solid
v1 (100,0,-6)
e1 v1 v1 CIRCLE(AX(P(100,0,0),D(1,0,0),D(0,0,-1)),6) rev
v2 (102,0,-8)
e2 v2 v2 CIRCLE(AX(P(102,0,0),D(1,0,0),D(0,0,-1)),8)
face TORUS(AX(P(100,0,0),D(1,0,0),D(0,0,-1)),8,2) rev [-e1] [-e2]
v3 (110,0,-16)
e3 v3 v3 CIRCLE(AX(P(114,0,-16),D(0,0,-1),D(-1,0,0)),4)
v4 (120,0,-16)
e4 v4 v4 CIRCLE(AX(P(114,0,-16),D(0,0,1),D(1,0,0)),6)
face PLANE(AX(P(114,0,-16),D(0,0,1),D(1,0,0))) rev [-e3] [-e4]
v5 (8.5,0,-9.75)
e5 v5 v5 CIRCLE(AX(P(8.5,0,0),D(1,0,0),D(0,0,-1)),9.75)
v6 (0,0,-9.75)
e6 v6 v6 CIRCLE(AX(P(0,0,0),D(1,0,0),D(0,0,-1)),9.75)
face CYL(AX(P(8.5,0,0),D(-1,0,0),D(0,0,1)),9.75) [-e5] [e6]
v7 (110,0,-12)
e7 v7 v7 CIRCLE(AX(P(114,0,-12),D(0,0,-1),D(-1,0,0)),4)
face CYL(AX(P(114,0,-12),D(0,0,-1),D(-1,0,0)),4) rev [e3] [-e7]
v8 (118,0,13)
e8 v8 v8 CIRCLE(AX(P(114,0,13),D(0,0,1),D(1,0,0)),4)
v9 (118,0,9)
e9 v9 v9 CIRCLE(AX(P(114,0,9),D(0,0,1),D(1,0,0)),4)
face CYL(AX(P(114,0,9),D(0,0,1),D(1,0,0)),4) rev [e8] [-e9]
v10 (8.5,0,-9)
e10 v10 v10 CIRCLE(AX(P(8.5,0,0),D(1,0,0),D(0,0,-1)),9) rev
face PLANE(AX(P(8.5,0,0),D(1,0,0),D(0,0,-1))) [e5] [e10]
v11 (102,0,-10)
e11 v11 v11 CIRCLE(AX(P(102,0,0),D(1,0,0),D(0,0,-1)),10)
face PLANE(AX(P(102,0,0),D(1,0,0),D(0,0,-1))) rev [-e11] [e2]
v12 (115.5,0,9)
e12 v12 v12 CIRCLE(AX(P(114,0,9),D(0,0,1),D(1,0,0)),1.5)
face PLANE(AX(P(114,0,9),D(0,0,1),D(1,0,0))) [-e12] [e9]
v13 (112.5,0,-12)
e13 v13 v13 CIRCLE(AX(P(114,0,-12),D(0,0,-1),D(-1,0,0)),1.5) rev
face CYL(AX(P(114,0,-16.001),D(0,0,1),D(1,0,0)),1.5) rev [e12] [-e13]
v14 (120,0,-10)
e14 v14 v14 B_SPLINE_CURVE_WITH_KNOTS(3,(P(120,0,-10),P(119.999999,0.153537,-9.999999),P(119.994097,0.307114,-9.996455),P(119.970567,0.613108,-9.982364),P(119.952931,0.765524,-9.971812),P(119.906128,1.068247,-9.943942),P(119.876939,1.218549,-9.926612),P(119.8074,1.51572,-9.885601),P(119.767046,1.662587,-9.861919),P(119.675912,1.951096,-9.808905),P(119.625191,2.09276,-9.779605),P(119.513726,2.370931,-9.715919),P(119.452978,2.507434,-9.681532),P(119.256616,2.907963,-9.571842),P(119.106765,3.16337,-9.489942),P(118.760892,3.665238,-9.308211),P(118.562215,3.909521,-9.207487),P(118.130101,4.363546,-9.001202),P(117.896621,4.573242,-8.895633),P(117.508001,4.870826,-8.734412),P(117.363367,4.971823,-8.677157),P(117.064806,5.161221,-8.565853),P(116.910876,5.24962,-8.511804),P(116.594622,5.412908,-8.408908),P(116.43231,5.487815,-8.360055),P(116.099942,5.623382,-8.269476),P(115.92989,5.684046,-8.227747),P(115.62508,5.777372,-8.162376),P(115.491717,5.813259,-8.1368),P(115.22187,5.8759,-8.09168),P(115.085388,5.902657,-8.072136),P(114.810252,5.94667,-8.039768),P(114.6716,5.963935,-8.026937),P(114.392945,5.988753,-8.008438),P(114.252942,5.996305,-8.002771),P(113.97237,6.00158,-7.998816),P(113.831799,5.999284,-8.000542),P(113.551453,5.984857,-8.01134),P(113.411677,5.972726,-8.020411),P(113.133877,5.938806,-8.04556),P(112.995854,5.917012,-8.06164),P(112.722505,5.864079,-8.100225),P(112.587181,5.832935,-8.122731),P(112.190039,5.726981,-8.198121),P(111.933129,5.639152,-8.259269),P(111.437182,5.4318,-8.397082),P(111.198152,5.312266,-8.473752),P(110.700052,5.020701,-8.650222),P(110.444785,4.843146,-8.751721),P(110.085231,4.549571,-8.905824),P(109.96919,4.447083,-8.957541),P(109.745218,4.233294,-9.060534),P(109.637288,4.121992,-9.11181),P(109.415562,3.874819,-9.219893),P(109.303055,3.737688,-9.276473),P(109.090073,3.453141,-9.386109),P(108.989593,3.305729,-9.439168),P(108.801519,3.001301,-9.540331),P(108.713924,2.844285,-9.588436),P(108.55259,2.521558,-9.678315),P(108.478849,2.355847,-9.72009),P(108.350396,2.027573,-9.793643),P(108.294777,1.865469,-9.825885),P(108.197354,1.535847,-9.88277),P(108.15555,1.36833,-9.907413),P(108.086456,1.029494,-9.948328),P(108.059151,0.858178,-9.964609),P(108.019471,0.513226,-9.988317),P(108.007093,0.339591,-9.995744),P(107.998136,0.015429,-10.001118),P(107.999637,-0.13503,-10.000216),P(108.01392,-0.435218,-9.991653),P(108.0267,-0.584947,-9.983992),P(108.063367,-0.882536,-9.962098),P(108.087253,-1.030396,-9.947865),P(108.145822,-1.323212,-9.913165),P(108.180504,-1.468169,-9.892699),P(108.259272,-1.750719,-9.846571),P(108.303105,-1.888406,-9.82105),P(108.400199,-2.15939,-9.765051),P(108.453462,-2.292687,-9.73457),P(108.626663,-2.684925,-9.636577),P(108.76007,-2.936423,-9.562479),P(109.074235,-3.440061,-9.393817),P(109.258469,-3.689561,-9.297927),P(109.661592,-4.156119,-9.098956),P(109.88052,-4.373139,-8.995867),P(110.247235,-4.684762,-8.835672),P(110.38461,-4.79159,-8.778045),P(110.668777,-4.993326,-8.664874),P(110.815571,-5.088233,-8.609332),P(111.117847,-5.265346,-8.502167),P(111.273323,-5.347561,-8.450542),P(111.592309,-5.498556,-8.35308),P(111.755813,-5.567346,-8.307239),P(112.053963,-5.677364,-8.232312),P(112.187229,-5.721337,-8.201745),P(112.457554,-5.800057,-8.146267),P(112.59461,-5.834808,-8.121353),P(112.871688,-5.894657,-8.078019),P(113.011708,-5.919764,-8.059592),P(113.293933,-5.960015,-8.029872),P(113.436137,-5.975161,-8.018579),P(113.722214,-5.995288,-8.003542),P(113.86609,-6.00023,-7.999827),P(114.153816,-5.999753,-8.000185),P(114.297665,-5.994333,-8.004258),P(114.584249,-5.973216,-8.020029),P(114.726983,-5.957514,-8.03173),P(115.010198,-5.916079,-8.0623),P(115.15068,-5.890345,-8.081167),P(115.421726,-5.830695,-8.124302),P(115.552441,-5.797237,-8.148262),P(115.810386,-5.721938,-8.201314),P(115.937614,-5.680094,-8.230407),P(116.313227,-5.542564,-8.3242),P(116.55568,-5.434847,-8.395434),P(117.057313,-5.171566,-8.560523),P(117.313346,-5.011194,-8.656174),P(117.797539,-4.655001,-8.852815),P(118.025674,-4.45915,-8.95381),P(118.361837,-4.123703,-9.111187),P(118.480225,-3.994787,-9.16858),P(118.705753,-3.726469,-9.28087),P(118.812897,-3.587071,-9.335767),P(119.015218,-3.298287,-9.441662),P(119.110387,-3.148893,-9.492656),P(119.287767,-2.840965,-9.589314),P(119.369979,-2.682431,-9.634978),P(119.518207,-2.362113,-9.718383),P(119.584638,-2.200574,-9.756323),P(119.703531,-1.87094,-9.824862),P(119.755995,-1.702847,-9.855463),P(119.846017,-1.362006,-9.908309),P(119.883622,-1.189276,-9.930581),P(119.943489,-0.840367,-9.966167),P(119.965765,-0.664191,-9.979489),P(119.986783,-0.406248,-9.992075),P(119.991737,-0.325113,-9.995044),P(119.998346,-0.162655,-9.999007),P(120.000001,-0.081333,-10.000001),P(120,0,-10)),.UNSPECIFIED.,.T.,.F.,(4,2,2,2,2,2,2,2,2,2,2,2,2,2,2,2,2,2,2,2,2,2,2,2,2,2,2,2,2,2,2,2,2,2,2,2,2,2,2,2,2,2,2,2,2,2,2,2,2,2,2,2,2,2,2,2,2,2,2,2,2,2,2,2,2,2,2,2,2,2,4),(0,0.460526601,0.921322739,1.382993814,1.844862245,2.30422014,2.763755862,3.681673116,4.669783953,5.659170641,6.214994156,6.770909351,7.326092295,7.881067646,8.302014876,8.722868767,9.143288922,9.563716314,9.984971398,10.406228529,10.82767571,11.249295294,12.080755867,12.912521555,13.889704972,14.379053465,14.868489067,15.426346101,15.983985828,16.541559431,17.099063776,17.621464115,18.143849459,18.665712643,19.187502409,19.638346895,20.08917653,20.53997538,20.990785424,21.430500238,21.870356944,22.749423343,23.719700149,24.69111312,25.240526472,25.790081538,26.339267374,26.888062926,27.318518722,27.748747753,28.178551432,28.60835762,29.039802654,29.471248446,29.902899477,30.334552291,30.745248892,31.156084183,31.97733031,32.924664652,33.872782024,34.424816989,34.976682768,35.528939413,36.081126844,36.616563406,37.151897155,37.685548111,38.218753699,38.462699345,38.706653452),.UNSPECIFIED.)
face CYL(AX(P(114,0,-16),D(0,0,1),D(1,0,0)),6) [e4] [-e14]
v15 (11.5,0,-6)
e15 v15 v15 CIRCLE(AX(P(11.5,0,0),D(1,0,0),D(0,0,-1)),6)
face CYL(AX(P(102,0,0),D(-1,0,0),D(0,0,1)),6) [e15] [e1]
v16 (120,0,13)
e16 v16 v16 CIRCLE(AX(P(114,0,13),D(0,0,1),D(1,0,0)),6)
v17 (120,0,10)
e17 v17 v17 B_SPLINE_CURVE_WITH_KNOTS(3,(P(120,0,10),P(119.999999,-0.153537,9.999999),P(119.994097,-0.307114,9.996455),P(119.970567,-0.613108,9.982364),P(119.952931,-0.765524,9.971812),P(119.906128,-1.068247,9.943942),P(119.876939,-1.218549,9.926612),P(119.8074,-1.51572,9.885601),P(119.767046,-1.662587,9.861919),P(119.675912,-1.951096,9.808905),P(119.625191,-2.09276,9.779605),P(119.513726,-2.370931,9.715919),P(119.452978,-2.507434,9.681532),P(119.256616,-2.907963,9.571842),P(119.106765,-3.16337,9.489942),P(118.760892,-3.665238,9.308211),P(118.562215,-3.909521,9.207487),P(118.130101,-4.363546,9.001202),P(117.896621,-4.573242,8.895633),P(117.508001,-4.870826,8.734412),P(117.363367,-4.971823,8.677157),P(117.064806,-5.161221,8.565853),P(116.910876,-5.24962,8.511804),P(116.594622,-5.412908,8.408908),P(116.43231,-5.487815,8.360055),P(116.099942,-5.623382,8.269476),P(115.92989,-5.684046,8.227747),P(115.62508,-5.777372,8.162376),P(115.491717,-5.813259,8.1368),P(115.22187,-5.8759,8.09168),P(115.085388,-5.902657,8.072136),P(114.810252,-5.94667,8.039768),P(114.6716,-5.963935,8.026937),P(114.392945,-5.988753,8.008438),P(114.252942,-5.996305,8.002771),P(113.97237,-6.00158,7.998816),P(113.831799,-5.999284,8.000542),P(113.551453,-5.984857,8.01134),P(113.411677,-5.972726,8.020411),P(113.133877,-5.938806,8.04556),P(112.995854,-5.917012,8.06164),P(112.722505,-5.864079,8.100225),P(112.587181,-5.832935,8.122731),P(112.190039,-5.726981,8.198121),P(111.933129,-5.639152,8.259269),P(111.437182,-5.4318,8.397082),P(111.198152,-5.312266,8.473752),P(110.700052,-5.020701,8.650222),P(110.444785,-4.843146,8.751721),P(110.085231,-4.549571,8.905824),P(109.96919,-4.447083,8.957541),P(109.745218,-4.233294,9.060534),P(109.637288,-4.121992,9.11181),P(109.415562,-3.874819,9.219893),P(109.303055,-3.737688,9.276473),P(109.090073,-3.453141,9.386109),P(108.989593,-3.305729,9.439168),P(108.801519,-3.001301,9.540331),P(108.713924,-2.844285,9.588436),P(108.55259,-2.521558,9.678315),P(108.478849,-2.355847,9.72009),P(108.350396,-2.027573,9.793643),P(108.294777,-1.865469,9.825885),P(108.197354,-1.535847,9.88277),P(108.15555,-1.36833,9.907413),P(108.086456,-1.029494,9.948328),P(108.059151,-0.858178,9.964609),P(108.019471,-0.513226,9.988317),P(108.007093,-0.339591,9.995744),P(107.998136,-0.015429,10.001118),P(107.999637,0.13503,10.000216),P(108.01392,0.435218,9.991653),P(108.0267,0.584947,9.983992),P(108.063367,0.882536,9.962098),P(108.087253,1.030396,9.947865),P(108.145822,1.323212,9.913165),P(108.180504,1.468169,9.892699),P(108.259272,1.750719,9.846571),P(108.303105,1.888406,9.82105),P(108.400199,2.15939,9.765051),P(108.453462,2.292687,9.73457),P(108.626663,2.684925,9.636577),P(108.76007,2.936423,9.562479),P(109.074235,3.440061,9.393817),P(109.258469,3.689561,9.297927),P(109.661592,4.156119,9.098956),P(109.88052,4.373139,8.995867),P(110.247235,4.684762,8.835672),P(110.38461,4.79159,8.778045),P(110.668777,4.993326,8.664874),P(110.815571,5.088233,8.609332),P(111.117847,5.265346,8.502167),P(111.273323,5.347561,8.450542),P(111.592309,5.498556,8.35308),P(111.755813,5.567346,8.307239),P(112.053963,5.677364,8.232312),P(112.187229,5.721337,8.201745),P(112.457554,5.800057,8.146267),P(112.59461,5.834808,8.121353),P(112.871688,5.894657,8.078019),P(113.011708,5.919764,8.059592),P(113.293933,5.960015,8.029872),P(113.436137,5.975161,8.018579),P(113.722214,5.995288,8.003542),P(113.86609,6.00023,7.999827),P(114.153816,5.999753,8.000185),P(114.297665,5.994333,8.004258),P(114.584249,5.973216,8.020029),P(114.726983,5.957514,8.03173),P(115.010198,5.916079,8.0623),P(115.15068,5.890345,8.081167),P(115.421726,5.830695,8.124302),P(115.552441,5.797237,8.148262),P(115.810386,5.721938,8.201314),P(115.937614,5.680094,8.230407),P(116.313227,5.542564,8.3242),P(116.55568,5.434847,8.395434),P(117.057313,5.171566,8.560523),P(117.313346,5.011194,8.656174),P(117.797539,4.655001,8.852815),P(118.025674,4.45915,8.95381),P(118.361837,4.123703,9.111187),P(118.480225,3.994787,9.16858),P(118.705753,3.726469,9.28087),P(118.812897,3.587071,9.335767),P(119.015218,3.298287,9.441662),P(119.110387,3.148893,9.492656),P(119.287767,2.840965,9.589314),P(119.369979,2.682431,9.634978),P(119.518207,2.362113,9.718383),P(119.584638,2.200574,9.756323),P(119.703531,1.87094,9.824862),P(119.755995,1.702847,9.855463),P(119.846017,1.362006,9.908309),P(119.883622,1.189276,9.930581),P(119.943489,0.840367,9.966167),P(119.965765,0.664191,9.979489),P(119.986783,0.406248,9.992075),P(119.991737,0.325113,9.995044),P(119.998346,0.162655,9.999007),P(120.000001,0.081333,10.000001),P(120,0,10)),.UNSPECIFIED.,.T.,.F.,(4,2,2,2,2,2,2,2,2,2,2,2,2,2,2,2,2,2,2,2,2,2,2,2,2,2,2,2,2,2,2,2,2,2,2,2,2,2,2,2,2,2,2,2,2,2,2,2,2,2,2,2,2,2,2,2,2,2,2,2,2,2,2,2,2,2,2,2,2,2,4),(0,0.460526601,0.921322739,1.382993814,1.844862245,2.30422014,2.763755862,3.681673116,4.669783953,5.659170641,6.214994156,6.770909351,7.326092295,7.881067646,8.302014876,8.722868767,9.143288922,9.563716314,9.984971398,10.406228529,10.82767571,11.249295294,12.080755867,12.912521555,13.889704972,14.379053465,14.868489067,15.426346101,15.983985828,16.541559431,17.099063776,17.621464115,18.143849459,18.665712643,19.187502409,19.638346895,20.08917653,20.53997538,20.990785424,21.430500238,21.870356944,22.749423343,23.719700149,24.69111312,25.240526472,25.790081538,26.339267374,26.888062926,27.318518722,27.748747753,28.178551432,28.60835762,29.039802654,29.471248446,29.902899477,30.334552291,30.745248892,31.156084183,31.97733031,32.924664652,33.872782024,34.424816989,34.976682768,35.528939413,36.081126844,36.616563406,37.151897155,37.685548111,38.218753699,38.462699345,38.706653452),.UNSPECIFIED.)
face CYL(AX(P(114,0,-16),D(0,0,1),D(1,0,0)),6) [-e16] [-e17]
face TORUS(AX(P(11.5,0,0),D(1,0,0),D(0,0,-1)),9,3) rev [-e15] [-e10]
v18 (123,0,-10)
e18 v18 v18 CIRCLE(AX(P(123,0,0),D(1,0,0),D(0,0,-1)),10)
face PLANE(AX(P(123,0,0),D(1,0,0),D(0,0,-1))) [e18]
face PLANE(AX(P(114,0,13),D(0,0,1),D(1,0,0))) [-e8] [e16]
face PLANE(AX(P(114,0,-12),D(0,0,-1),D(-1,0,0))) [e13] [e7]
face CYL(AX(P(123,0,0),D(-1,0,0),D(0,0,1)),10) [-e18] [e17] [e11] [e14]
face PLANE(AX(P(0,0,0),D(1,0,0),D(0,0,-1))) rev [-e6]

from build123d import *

# Parameters (mm, degrees)
SKETCH2_R                = 9.75
BOSS_EXTRUDE1_DEPTH      = 8.5
SKETCH3_R                = 6
BOSS_EXTRUDE2_DEPTH      = 93.5
FILLET1_R                = 3
SKETCH4_R                = 10
BOSS_EXTRUDE3_DEPTH      = 21
FILLET2_R                = 2
SKETCH5_R                = 6
BOSS_EXTRUDE4_DEPTH      = 13
BOSS_EXTRUDE4_DEPTH_BACK = 16
SKETCH6_R                = 4
CUT_EXTRUDE1_DEPTH       = 4
CUT_EXTRUDE2_REACH       = 27
SKETCH7_R                = 1.5
SKETCH8_R                = 4
CUT_EXTRUDE3_DEPTH       = 4


with BuildPart() as part:
    # Sketch2 → Boss-Extrude1 (new body)
    with BuildSketch(Plane(origin=(0, 0, 0), x_dir=(0, 0, -1), z_dir=(1, 0, 0))):
        Circle(SKETCH2_R)
    extrude(amount=BOSS_EXTRUDE1_DEPTH)

    # Sketch3 → Boss-Extrude2 (add)
    with BuildSketch(Plane(origin=(8.5, 0, 0), x_dir=(0, 0, -1), z_dir=(1, 0, 0))):
        Circle(SKETCH3_R)
    extrude(amount=BOSS_EXTRUDE2_DEPTH)

    # Fillet1
    fillet1_edges = [part.edges().sort_by_distance(p)[0] for p in [
        (8.5, 0, 6),
    ]]
    fillet(fillet1_edges, radius=FILLET1_R)

    # Sketch4 → Boss-Extrude3 (add)
    with BuildSketch(Plane(origin=(102, 0, 0), x_dir=(0, 0, -1), z_dir=(1, 0, 0))):
        Circle(SKETCH4_R)
    extrude(amount=BOSS_EXTRUDE3_DEPTH)

    # Fillet2
    fillet2_edges = [part.edges().sort_by_distance(p)[0] for p in [
        (102, 0, 6),
    ]]
    fillet(fillet2_edges, radius=FILLET2_R)

    # Sketch5 → Boss-Extrude4 (add, two sides)
    with BuildSketch(Plane.XY) as boss_extrude4_sk:
        with Locations((114, 0)):
            Circle(SKETCH5_R)
    extrude(amount=BOSS_EXTRUDE4_DEPTH)
    extrude(boss_extrude4_sk.sketch, amount=-BOSS_EXTRUDE4_DEPTH_BACK)

    # Sketch6 → Cut-Extrude1 (cut)
    with BuildSketch(Plane.XY.offset(13)):
        with Locations((114, 0)):
            Circle(SKETCH6_R)
    extrude(amount=-CUT_EXTRUDE1_DEPTH, mode=Mode.SUBTRACT)

    # Sketch7 → Cut-Extrude2 (cut, up to next)
    with BuildSketch(Plane.XY.offset(9), mode=Mode.PRIVATE) as cut_extrude2_sk1:
        with Locations((114, 0)):
            Circle(SKETCH7_R)
    cut_extrude2_tool1 = extrude(cut_extrude2_sk1.sketch, amount=-CUT_EXTRUDE2_REACH, mode=Mode.PRIVATE) & part.part
    add(cut_extrude2_tool1.solids().sort_by_distance((114, 0, 9))[0], mode=Mode.SUBTRACT)

    # Sketch8 → Cut-Extrude3 (cut)
    with BuildSketch(Plane(origin=(0, 0, -16), x_dir=(-1, 0, 0), z_dir=(0, 0, -1))):
        with Locations((-114, 0)):
            Circle(SKETCH8_R)
    extrude(amount=-CUT_EXTRUDE3_DEPTH, mode=Mode.SUBTRACT)


solid = part.part
